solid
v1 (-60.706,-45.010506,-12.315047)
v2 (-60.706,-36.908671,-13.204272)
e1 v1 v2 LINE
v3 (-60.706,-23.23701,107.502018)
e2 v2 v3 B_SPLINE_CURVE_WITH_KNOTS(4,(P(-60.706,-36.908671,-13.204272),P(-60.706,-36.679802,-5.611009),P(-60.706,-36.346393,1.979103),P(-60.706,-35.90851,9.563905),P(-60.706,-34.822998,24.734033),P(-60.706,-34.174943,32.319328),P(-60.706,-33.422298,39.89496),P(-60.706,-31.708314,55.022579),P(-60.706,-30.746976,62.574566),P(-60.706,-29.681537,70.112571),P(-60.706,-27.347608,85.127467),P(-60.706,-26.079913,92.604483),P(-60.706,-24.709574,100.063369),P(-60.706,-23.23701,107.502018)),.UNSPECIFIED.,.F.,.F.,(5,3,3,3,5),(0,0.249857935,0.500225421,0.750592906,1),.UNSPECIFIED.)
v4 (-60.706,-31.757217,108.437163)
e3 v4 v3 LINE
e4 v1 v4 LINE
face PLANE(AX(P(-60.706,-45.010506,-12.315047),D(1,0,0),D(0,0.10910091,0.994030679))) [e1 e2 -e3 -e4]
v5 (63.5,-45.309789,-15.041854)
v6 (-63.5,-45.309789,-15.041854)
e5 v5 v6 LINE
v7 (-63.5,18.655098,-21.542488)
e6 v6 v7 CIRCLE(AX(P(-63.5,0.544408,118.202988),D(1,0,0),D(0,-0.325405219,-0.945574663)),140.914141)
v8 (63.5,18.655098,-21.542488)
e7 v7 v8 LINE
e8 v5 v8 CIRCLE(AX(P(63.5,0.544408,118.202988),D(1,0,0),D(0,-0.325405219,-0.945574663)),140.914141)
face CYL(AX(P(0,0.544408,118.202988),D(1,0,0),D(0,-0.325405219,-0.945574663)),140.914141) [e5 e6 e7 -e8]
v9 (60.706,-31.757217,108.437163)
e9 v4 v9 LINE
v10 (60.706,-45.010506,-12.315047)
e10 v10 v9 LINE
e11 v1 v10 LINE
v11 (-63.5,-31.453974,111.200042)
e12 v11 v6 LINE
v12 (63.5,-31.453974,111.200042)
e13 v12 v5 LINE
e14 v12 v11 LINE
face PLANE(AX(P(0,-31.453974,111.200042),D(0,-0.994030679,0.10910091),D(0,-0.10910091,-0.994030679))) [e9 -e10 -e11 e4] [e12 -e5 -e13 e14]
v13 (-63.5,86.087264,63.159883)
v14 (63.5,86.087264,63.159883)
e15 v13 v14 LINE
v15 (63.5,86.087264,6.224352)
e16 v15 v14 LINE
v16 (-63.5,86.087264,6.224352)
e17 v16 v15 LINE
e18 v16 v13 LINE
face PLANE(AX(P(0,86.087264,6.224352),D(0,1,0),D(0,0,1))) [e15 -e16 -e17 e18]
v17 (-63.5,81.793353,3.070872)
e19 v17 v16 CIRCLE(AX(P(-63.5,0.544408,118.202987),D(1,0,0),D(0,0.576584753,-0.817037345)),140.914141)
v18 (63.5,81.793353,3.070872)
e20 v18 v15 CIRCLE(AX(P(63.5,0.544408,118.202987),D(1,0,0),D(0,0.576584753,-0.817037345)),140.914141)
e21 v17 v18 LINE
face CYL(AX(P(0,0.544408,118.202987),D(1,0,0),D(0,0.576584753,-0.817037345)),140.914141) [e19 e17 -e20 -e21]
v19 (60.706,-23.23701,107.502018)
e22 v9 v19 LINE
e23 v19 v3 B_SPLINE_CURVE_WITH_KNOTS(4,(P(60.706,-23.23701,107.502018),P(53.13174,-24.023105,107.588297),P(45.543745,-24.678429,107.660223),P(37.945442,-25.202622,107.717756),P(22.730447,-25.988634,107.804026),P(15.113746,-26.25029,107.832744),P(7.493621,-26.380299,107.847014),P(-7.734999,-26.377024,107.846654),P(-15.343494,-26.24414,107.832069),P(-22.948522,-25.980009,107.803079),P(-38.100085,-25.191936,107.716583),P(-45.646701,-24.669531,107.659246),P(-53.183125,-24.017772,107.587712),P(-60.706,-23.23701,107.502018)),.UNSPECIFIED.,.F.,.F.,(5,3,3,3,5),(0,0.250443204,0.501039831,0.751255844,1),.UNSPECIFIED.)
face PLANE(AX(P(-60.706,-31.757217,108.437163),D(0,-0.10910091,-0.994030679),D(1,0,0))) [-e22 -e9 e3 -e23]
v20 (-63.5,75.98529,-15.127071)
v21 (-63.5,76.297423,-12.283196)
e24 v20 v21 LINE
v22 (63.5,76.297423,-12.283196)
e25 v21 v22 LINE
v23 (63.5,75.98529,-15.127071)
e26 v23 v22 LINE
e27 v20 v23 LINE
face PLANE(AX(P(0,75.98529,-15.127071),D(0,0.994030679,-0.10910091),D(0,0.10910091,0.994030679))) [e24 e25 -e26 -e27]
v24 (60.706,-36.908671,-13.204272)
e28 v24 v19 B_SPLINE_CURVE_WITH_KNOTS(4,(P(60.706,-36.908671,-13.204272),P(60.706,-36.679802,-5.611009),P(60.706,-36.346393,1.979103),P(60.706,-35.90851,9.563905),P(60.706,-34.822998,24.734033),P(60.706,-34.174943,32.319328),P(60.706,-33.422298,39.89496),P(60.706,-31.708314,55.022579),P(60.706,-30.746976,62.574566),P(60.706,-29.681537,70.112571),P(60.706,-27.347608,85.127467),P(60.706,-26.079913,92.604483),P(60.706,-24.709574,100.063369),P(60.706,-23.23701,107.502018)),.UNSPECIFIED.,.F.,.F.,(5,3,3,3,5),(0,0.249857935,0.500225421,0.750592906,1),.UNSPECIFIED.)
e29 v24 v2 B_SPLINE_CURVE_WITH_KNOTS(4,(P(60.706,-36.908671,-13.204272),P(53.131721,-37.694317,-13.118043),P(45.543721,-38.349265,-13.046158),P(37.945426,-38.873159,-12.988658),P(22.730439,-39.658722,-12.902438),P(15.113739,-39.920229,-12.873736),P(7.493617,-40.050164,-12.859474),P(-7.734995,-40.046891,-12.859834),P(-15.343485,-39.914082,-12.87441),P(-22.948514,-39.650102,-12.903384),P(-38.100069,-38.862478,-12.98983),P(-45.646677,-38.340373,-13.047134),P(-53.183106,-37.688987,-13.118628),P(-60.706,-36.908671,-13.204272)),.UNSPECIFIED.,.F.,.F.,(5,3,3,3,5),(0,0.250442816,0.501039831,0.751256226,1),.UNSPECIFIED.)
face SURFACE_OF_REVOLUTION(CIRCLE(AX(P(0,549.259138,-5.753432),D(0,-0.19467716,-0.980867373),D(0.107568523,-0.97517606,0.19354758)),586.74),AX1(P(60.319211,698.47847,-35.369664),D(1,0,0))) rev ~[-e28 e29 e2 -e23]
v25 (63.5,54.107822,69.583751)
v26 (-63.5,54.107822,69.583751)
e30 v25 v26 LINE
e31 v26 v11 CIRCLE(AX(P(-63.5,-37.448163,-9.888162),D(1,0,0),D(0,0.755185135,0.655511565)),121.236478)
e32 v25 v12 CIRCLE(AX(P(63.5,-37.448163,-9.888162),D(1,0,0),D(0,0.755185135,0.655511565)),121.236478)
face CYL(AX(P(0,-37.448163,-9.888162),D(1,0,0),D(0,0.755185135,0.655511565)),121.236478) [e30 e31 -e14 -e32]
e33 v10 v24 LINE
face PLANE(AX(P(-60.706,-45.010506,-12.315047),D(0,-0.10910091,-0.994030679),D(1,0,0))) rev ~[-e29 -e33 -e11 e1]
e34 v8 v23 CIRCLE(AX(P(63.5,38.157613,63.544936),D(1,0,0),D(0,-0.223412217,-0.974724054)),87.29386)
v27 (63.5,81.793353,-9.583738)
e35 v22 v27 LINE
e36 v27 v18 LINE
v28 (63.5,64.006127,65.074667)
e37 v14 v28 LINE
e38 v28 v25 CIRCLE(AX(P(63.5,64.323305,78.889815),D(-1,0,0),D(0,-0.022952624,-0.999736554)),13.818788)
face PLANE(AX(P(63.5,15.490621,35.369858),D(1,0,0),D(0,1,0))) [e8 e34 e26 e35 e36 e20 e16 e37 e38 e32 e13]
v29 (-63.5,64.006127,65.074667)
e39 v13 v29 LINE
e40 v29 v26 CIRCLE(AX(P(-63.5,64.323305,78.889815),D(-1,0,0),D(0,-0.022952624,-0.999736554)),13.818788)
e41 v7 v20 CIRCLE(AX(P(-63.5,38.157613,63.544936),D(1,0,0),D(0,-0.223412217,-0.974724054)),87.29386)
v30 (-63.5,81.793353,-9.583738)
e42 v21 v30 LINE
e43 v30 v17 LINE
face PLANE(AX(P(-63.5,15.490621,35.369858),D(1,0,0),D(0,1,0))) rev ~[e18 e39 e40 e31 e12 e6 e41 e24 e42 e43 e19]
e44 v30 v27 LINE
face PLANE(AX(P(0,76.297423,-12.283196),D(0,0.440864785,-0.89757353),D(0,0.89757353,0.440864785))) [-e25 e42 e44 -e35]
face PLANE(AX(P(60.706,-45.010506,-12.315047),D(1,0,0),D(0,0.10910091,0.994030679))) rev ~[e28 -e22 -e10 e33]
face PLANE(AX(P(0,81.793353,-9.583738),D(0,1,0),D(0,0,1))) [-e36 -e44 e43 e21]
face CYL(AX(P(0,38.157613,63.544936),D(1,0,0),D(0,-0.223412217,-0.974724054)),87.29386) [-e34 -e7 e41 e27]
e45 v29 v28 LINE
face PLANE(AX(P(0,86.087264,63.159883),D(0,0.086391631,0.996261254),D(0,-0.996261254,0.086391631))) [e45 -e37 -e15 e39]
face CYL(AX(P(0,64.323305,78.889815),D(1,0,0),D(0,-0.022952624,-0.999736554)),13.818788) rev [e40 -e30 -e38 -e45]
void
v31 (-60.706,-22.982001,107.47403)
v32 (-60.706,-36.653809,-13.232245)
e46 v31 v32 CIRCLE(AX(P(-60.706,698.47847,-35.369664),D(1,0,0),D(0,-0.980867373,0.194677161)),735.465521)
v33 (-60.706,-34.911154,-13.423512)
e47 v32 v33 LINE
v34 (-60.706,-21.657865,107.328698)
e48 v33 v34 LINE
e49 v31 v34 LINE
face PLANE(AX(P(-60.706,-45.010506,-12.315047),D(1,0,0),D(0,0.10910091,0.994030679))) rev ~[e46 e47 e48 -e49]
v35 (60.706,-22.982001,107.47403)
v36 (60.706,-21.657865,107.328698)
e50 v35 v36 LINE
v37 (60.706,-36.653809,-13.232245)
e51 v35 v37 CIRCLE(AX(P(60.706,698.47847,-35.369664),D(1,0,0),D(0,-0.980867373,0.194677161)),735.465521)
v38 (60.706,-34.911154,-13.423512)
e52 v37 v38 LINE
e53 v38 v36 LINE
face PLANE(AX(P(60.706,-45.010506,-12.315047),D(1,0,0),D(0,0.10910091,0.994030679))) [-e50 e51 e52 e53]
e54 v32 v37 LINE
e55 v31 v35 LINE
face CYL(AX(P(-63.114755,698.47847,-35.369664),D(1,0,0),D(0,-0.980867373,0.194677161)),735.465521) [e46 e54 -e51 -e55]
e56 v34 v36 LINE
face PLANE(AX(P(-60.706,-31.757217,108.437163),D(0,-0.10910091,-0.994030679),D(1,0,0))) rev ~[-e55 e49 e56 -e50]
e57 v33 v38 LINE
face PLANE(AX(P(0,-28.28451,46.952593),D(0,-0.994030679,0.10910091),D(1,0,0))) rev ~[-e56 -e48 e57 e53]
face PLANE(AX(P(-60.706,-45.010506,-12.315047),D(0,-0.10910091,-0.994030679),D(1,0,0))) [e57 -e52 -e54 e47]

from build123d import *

# Parameters (mm, degrees)
F1_DEPTH      = 63.5
F1_DEPTH_BACK = 63.5
F2_W          = 121.412
F2_H          = 121.4773469555
F3_DEPTH      = 10.16
F6_ANGLE_BACK = 4.9623752699
F6_ANGLE      = 9.6002572001


with BuildPart() as f1:
    # F0 (on Right) → F1 (new body, two sides)
    with BuildSketch(Plane.YZ) as f1_sk:
        with BuildLine():
            Line((-44.2258762484, -5.1661990916), (-45.3097894054, -15.0418539721))
            ThreePointArc((-45.3097894054, -15.0418539721), (-13.7030518217, -21.9890417418), (18.6550981372, -21.5424884693))
            ThreePointArc((18.6550981372, -21.5424884693), (47.8654596913, -23.2074448835), (75.9852901101, -15.1270711794))
            Line((75.9852901101, -15.1270711794), (76.2974227243, -12.2831957683))
            Line((76.2974227243, -12.2831957683), (81.7933529615, -9.5837377012))
            Line((81.7933529615, -9.5837377012), (81.7933529615, 3.07087185))
            ThreePointArc((81.7933529615, 3.07087185), (83.9552126708, 4.627317683), (86.0872641206, 6.2243516994))
            Line((86.0872641206, 6.2243516994), (86.0872641206, 63.1598830223))
            Line((86.0872641206, 63.1598830223), (64.0061274171, 65.0746673346))
            ThreePointArc((64.0061274171, 65.0746673346), (58.5946758607, 66.3143740435), (54.1078224778, 69.5837512612))
            ThreePointArc((54.1078224778, 69.5837512612), (15.5800187481, 99.1361263011), (-31.4539738675, 111.2000423056))
            Line((-31.4539738675, 111.2000423056), (-43.6588544929, 0))
            Line((-43.6588544929, 0), (-38.2017120719, 0))
            Line((-38.2017120719, 0), (-38.7687338274, -5.1661990916))
            Line((-38.7687338274, -5.1661990916), (-44.2258762484, -5.1661990916))
        make_face()
        Polygon((-43.6588544929, 0), (-44.2258762484, -5.1661990916), (-38.7687338274, -5.1661990916), (-38.2017120719, 0), align=None)
    extrude(amount=F1_DEPTH)
    extrude(f1_sk.sketch, amount=-F1_DEPTH_BACK)

    # F2 (on face) → F3 (cut)
    with BuildSketch(Plane(origin=(0, -43.1391827765, 4.7347875518), x_dir=(1, 0, 0), z_dir=(0, -0.9940306794, 0.1091009097))):
        with Locations((0, 43.5864519963)):
            Rectangle(F2_W, F2_H)
    extrude(amount=-F3_DEPTH, mode=Mode.SUBTRACT)

    # F5 (on offset) → F6 (revolve)
    with BuildSketch(Plane(origin=(0, 4.4781674488, 40.8010881091), x_dir=(1, 0, 0), z_dir=(0, -0.1091009097, -0.9940306794)), mode=Mode.PRIVATE) as f6_sk:
        with BuildLine():
            ThreePointArc((63.1147550677, 37.2976302589), (0, 40.7020876312), (-63.1147550677, 37.2976302589))
            Line((-63.1147550677, 37.2976302589), (63.1147550677, 37.2976302589))
        make_face()
    revolve(f6_sk.sketch.rotate(Axis((60.319211334, 698.4784697554, -35.36966388), (1, 0, 0)), -F6_ANGLE_BACK), axis=Axis((60.319211334, 698.4784697554, -35.36966388), (1, 0, 0)), revolution_arc=F6_ANGLE)


solid = f1.part
